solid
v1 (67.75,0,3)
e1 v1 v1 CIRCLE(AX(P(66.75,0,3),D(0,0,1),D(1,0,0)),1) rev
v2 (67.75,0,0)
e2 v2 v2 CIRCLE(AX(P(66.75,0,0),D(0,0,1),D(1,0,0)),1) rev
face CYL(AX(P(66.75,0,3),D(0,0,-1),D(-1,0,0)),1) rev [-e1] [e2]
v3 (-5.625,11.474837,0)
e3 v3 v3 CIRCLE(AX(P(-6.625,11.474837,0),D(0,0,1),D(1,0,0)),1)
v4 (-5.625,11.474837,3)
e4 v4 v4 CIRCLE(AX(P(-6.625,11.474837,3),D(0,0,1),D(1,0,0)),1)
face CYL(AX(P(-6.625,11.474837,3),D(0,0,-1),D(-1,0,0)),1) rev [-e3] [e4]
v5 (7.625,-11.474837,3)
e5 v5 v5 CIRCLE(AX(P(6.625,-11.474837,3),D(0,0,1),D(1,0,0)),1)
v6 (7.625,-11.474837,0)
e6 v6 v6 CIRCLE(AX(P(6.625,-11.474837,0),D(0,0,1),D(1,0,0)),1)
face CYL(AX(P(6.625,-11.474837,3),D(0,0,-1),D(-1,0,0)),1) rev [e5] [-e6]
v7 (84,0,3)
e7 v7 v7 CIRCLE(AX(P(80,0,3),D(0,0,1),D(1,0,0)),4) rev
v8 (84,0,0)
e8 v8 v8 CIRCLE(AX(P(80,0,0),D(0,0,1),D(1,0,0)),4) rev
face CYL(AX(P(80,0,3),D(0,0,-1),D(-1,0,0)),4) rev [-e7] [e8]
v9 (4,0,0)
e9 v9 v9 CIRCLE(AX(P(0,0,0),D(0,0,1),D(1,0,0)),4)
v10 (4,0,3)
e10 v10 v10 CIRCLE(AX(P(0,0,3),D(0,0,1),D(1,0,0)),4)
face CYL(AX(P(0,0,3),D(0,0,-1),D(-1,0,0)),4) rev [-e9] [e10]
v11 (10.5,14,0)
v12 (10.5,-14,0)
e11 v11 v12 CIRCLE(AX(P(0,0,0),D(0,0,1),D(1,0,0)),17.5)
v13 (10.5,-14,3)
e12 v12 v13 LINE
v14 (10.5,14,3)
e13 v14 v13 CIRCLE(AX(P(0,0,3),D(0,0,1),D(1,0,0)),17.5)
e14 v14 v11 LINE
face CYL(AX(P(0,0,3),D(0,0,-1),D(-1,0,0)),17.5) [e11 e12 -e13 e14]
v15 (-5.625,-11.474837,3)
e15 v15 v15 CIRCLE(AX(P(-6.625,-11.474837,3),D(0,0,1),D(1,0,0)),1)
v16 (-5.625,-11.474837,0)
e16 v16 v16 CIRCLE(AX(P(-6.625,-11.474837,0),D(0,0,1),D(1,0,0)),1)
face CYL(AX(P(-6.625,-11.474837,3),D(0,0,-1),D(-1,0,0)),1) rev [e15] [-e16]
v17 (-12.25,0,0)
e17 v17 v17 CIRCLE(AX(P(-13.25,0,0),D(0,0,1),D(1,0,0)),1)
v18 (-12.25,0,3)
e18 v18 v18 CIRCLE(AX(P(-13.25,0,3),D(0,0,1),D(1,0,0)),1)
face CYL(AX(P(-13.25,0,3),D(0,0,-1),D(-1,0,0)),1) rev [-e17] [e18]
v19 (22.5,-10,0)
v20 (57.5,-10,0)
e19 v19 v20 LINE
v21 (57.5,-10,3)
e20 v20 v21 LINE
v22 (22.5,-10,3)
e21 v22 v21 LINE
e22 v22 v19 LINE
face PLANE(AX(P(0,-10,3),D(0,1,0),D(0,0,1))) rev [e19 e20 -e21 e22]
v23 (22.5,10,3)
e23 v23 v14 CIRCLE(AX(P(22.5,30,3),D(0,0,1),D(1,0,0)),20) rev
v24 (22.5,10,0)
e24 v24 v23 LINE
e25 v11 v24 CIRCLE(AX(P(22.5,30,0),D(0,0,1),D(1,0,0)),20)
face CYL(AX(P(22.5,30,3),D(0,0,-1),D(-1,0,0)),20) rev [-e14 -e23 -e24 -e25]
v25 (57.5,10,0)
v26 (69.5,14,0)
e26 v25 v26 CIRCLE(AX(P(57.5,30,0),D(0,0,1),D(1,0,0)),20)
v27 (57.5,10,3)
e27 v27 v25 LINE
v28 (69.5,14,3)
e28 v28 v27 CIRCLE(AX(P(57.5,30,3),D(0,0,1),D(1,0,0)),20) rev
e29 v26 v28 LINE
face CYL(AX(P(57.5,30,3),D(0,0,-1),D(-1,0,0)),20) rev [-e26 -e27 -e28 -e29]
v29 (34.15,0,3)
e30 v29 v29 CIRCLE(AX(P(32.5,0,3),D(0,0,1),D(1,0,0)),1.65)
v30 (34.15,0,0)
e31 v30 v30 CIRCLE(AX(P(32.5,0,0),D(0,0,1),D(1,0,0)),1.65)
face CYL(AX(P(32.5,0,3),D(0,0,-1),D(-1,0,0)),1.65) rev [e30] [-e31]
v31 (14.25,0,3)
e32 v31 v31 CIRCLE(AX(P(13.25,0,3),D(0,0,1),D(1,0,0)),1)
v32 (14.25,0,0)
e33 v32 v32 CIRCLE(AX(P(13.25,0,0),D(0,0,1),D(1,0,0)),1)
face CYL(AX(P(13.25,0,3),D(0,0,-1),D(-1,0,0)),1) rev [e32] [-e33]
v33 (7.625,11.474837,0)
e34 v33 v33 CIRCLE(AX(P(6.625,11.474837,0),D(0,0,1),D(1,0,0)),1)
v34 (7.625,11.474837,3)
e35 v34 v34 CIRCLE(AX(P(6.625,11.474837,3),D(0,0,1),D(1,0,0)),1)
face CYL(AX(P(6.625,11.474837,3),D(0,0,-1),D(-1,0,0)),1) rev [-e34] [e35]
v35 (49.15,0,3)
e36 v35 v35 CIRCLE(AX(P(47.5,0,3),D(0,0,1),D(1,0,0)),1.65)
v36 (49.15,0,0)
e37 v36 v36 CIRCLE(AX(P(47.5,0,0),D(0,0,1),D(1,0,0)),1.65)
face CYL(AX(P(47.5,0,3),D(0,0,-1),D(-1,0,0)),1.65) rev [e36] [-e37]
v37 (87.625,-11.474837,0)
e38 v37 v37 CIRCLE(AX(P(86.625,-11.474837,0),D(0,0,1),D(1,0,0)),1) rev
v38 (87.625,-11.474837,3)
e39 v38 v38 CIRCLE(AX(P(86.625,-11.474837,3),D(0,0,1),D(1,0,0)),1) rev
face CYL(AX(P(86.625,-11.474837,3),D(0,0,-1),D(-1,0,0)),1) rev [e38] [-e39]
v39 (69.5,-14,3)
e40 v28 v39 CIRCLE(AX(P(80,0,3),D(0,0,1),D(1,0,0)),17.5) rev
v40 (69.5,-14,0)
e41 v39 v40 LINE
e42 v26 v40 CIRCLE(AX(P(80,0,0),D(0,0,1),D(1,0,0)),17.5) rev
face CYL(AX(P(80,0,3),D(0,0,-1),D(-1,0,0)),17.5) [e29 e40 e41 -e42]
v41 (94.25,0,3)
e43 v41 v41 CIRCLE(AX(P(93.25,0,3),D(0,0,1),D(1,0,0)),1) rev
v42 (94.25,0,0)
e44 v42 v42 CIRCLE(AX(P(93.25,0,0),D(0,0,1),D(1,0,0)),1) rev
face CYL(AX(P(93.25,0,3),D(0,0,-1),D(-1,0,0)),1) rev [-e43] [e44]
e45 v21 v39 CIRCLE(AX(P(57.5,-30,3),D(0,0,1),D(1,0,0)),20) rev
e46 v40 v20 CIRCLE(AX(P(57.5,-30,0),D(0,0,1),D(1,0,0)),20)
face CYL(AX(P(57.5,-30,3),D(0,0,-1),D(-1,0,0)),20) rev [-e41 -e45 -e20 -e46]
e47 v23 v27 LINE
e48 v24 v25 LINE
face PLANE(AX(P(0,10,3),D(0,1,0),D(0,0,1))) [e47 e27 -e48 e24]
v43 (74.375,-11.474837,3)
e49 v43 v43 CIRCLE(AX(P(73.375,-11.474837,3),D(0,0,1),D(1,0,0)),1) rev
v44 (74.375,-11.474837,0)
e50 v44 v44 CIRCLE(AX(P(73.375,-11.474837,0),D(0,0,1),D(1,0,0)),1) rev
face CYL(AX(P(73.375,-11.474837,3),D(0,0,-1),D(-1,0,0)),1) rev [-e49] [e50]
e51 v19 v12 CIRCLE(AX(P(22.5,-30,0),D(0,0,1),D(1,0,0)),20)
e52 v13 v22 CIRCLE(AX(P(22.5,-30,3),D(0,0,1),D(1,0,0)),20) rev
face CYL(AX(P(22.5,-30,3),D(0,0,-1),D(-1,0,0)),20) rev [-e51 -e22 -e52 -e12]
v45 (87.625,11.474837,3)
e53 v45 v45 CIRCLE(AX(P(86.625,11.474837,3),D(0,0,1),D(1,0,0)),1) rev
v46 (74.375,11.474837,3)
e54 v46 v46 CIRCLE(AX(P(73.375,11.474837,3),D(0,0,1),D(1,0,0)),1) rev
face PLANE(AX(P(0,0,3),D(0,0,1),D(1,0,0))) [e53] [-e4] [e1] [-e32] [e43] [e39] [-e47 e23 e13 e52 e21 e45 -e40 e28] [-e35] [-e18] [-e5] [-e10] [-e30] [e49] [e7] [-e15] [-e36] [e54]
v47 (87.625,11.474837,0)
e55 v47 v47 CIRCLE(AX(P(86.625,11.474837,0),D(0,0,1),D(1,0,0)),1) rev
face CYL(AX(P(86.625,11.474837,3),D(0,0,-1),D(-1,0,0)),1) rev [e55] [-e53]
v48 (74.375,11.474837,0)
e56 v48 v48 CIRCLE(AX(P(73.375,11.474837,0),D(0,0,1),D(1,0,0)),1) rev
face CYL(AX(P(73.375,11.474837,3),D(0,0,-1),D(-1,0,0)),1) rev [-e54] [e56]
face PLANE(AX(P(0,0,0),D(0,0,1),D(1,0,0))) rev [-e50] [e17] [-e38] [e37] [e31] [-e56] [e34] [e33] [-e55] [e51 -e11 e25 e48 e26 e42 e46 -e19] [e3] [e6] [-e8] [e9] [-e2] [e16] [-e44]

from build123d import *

# Parameters (mm, degrees)
ESBO_O1_R                = 4
ESBO_O1_R_2              = 1
ESBO_O1_R_3              = 1.65
RESSALTO_EXTRUS_O1_DEPTH = 3
FILETE1_R                = 20


with BuildPart() as part:
    # Esboço1 → Ressalto-extrusão1 (new body)
    with BuildSketch(Plane.XY):
        with BuildLine():
            Line((14.361406616, -10), (65.638593384, -10))
            ThreePointArc((65.638593384, -10), (97.5, 0), (65.638593384, 10))
            Line((65.638593384, 10), (14.361406616, 10))
            ThreePointArc((14.361406616, 10), (-17.5, 0), (14.361406616, -10))
        make_face()
        Circle(ESBO_O1_R, mode=Mode.SUBTRACT)
        with Locations((-13.25, 0)):
            Circle(ESBO_O1_R_2, mode=Mode.SUBTRACT)
        with Locations((-6.625, 11.4748366)):
            Circle(ESBO_O1_R_2, mode=Mode.SUBTRACT)
        with Locations((86.625, -11.4748366)):
            Circle(ESBO_O1_R_2, mode=Mode.SUBTRACT)
        with Locations((6.625, 11.4748366)):
            Circle(ESBO_O1_R_2, mode=Mode.SUBTRACT)
        with Locations((80, 0)):
            Circle(ESBO_O1_R, mode=Mode.SUBTRACT)
        with Locations((13.25, 0)):
            Circle(ESBO_O1_R_2, mode=Mode.SUBTRACT)
        with Locations((6.625, -11.4748366)):
            Circle(ESBO_O1_R_2, mode=Mode.SUBTRACT)
        with Locations((-6.625, -11.4748366)):
            Circle(ESBO_O1_R_2, mode=Mode.SUBTRACT)
        with Locations((73.375, -11.4748366)):
            Circle(ESBO_O1_R_2, mode=Mode.SUBTRACT)
        with Locations((66.75, 0)):
            Circle(ESBO_O1_R_2, mode=Mode.SUBTRACT)
        with Locations((73.375, 11.4748366)):
            Circle(ESBO_O1_R_2, mode=Mode.SUBTRACT)
        with Locations((86.625, 11.4748366)):
            Circle(ESBO_O1_R_2, mode=Mode.SUBTRACT)
        with Locations((93.25, 0)):
            Circle(ESBO_O1_R_2, mode=Mode.SUBTRACT)
        with Locations((32.5, 0)):
            Circle(ESBO_O1_R_3, mode=Mode.SUBTRACT)
        with Locations((47.5, 0)):
            Circle(ESBO_O1_R_3, mode=Mode.SUBTRACT)
    extrude(amount=RESSALTO_EXTRUS_O1_DEPTH)

    # Filete1
    filete1_edges = [part.edges().sort_by_distance(p)[0] for p in [
        (65.638593384, -10, 1.5),
        (14.361406616, -10, 1.5),
        (14.361406616, 10, 1.5),
        (65.638593384, 10, 1.5),
    ]]
    fillet(filete1_edges, radius=FILETE1_R)


solid = part.part
